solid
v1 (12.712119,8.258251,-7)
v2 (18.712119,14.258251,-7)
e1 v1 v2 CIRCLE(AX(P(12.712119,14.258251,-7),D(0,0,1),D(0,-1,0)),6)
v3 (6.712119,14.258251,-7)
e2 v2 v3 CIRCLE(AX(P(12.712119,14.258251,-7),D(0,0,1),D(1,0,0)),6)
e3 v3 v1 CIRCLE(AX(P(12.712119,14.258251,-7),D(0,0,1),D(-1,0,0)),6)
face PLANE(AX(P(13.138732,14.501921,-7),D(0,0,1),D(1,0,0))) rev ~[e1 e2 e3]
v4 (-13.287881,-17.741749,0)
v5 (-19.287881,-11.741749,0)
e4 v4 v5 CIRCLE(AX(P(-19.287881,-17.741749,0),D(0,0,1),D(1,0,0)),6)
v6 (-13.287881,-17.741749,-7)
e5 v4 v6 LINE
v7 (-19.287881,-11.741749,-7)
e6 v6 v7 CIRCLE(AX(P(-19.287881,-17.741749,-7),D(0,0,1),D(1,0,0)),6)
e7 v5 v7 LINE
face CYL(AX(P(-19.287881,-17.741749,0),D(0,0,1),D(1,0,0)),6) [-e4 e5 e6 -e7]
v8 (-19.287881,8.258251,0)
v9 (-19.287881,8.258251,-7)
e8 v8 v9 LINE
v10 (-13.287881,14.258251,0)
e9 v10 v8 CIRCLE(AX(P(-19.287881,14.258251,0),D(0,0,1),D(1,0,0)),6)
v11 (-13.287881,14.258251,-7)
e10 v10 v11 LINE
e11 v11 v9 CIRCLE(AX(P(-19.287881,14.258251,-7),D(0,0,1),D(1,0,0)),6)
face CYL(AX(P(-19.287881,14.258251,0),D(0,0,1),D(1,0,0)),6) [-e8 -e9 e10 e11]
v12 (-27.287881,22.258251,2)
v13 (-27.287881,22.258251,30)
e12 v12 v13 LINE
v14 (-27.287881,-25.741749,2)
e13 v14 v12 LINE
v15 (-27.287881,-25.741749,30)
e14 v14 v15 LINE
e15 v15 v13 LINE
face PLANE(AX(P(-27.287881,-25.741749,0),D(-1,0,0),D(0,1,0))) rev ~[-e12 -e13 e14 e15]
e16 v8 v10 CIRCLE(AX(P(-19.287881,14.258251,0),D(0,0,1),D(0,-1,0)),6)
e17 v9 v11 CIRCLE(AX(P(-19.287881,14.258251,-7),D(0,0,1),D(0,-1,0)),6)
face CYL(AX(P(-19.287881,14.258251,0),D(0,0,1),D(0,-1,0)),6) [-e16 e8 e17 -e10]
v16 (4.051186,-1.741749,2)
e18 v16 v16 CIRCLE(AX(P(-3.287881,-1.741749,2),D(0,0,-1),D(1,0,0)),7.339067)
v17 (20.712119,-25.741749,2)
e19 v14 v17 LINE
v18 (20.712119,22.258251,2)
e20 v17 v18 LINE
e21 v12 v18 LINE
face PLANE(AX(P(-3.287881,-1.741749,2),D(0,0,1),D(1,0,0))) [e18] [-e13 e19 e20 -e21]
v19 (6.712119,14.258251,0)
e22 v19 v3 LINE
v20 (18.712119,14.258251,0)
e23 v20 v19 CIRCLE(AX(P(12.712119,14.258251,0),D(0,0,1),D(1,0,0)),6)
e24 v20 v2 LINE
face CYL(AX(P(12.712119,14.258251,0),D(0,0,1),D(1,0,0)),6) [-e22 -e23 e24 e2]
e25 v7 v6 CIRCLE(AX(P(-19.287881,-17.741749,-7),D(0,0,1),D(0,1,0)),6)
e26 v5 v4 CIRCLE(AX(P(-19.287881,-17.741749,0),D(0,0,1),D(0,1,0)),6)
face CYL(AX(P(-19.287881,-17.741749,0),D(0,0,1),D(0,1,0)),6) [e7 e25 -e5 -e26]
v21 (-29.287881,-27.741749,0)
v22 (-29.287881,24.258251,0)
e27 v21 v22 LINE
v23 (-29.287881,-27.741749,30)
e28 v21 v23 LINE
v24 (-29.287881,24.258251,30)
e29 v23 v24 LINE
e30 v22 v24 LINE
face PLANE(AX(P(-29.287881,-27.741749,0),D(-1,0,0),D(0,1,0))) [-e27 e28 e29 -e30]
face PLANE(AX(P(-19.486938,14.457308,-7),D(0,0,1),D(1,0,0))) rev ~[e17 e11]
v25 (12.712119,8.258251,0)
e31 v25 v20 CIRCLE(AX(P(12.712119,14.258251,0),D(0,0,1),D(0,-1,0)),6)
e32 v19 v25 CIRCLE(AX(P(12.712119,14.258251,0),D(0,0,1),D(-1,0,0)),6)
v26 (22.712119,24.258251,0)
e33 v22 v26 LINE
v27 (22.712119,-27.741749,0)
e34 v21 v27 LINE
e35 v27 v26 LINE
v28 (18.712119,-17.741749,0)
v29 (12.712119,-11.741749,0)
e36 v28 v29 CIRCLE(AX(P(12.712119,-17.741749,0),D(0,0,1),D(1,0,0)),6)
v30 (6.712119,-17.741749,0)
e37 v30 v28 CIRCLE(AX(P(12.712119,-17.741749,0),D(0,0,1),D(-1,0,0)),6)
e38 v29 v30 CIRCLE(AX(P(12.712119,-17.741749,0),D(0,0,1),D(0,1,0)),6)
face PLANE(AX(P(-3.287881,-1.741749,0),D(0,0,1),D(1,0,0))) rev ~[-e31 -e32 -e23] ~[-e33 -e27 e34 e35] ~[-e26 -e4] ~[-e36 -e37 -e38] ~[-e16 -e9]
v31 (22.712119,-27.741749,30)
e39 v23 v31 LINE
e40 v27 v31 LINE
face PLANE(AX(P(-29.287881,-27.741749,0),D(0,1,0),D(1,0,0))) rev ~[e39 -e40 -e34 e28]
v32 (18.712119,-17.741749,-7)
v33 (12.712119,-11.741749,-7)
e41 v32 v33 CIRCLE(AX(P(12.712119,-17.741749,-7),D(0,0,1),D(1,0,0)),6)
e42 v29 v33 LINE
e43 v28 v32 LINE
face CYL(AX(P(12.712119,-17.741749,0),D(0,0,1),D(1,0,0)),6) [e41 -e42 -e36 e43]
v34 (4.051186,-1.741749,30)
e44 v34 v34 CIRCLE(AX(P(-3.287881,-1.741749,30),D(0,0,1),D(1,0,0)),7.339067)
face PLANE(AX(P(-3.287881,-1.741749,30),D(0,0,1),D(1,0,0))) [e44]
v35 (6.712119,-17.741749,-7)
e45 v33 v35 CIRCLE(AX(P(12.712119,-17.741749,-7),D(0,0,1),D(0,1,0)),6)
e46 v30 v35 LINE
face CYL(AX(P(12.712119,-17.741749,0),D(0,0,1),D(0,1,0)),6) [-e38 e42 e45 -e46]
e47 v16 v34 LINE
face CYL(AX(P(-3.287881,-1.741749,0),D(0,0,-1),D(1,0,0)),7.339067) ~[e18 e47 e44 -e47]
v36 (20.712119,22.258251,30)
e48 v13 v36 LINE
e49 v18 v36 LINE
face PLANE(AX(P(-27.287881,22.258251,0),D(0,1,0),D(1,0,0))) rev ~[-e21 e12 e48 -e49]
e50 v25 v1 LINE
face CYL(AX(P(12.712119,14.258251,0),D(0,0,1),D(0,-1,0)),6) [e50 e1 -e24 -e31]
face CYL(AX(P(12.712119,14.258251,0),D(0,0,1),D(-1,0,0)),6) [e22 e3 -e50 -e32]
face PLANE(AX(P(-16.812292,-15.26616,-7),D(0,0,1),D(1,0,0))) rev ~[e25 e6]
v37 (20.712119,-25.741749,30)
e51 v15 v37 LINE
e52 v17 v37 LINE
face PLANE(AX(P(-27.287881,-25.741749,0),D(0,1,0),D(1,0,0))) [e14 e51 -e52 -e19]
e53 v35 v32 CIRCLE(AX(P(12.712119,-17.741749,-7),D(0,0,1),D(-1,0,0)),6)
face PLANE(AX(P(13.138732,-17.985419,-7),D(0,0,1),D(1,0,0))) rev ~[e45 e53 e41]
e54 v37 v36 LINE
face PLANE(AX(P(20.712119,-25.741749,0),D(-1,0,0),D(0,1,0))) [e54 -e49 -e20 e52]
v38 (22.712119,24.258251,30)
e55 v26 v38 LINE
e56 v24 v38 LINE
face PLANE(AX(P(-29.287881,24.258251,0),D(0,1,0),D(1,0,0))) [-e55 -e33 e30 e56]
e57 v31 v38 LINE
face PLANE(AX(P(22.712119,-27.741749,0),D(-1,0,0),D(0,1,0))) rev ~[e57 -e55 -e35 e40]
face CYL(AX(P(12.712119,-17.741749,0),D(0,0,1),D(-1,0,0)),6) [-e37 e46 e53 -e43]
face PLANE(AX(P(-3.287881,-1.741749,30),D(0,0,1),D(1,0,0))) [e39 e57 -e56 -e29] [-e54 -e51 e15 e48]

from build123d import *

# Parameters (mm, degrees)
F0_W     = 52
F0_H     = 52
F0_W_2   = 48
F0_H_2   = 48
F1_DEPTH = 30
F0_R     = 7.3390667627
F2_DEPTH = 7
F3_DEPTH = 2


with BuildPart() as f1:
    # F0 (on Top) → F1 (new body)
    with BuildSketch(Plane.XY):
        with Locations((-3.2878808908, -1.7417492345)):
            Rectangle(F0_W, F0_H)
        with Locations((-3.2878808908, -1.7417492345)):
            Rectangle(F0_W_2, F0_H_2, mode=Mode.SUBTRACT)
    extrude(amount=F1_DEPTH)



with BuildPart() as f1b:
    # F0 (on Top) → F1, piece 2 (new body)
    with BuildSketch(Plane.XY):
        with Locations((-3.2878808908, -1.7417492345)):
            Circle(F0_R)
    extrude(amount=F1_DEPTH)


with BuildPart() as f2:
    # F0 (on Top) → F2 (new body)
    with BuildSketch(Plane.XY):
        with BuildLine():
            ThreePointArc((18.7121191092, 14.2582507655), (12.7121191092, 20.2582507655), (6.7121191092, 14.2582507655))
            Line((6.7121191092, 14.2582507655), (12.7121191092, 14.2582507655))
            Line((12.7121191092, 14.2582507655), (12.7121191092, 8.2582507655))
            ThreePointArc((12.7121191092, 8.2582507655), (16.9547597963, 10.0156100784), (18.7121191092, 14.2582507655))
        make_face()
        with BuildLine():
            Line((12.7121191092, 14.2582507655), (6.7121191092, 14.2582507655))
            ThreePointArc((6.7121191092, 14.2582507655), (8.4694784221, 10.0156100784), (12.7121191092, 8.2582507655))
            Line((12.7121191092, 8.2582507655), (12.7121191092, 14.2582507655))
        make_face()
    extrude(amount=-F2_DEPTH)


with BuildPart() as f2b:
    # F0 (on Top) → F2, piece 2 (new body)
    with BuildSketch(Plane.XY):
        with BuildLine():
            Line((-19.2878808908, 14.2582507655), (-13.2878808908, 14.2582507655))
            ThreePointArc((-13.2878808908, 14.2582507655), (-23.5305215779, 18.5008914526), (-19.2878808908, 8.2582507655))
            Line((-19.2878808908, 8.2582507655), (-19.2878808908, 14.2582507655))
        make_face()
        with BuildLine():
            ThreePointArc((-19.2878808908, 8.2582507655), (-15.0452402037, 10.0156100784), (-13.2878808908, 14.2582507655))
            Line((-13.2878808908, 14.2582507655), (-19.2878808908, 14.2582507655))
            Line((-19.2878808908, 14.2582507655), (-19.2878808908, 8.2582507655))
        make_face()
    extrude(amount=-F2_DEPTH)


with BuildPart() as f2c:
    # F0 (on Top) → F2, piece 3 (new body)
    with BuildSketch(Plane.XY):
        with BuildLine():
            ThreePointArc((18.7121191092, -17.7417492345), (16.9547597963, -13.4991085474), (12.7121191092, -11.7417492345))
            Line((12.7121191092, -11.7417492345), (12.7121191092, -17.7417492345))
            Line((12.7121191092, -17.7417492345), (6.7121191092, -17.7417492345))
            ThreePointArc((6.7121191092, -17.7417492345), (12.7121191092, -23.7417492345), (18.7121191092, -17.7417492345))
        make_face()
        with BuildLine():
            Line((12.7121191092, -17.7417492345), (12.7121191092, -11.7417492345))
            ThreePointArc((12.7121191092, -11.7417492345), (8.4694784221, -13.4991085474), (6.7121191092, -17.7417492345))
            Line((6.7121191092, -17.7417492345), (12.7121191092, -17.7417492345))
        make_face()
    extrude(amount=-F2_DEPTH)


with BuildPart() as f2d:
    # F0 (on Top) → F2, piece 4 (new body)
    with BuildSketch(Plane.XY):
        with BuildLine():
            ThreePointArc((-13.2878808908, -17.7417492345), (-15.0452402037, -13.4991085474), (-19.2878808908, -11.7417492345))
            Line((-19.2878808908, -11.7417492345), (-19.2878808908, -17.7417492345))
            Line((-19.2878808908, -17.7417492345), (-13.2878808908, -17.7417492345))
        make_face()
        with BuildLine():
            Line((-19.2878808908, -17.7417492345), (-19.2878808908, -11.7417492345))
            ThreePointArc((-19.2878808908, -11.7417492345), (-23.5305215779, -21.9843899216), (-13.2878808908, -17.7417492345))
            Line((-13.2878808908, -17.7417492345), (-19.2878808908, -17.7417492345))
        make_face()
    extrude(amount=-F2_DEPTH)


with BuildPart() as f1_1:
    add(f1.part)

    add(f1b.part)  # F3 merges F1b

    add(f2.part)  # F3 merges F2

    add(f2b.part)  # F3 merges F2b

    add(f2c.part)  # F3 merges F2c

    add(f2d.part)  # F3 merges F2d
    # F0 (on Top) → F3 (join)
    with BuildSketch(Plane.XY):
        with Locations((-3.2878808908, -1.7417492345)):
            Rectangle(F0_W_2, F0_H_2)
        with BuildLine():
            ThreePointArc((-19.2878808908, 8.2582507655), (-23.5305215779, 18.5008914526), (-13.2878808908, 14.2582507655))
            Line((-13.2878808908, 14.2582507655), (6.7121191092, 14.2582507655))
            ThreePointArc((6.7121191092, 14.2582507655), (12.7121191092, 20.2582507655), (18.7121191092, 14.2582507655))
            ThreePointArc((18.7121191092, 14.2582507655), (16.9547597963, 10.0156100784), (12.7121191092, 8.2582507655))
            Line((12.7121191092, 8.2582507655), (12.7121191092, -11.7417492345))
            ThreePointArc((12.7121191092, -11.7417492345), (16.9547597963, -13.4991085474), (18.7121191092, -17.7417492345))
            ThreePointArc((18.7121191092, -17.7417492345), (12.7121191092, -23.7417492345), (6.7121191092, -17.7417492345))
            Line((6.7121191092, -17.7417492345), (-13.2878808908, -17.7417492345))
            ThreePointArc((-13.2878808908, -17.7417492345), (-23.5305215779, -21.9843899216), (-19.2878808908, -11.7417492345))
            Line((-19.2878808908, -11.7417492345), (-19.2878808908, 8.2582507655))
        make_face(mode=Mode.SUBTRACT)
        with BuildLine():
            ThreePointArc((-13.2878808908, -17.7417492345), (-15.0452402037, -13.4991085474), (-19.2878808908, -11.7417492345))
            Line((-19.2878808908, -11.7417492345), (-19.2878808908, -17.7417492345))
            Line((-19.2878808908, -17.7417492345), (-13.2878808908, -17.7417492345))
        make_face()
        with BuildLine():
            Line((-19.2878808908, -17.7417492345), (-19.2878808908, -11.7417492345))
            ThreePointArc((-19.2878808908, -11.7417492345), (-23.5305215779, -21.9843899216), (-13.2878808908, -17.7417492345))
            Line((-13.2878808908, -17.7417492345), (-19.2878808908, -17.7417492345))
        make_face()
        with BuildLine():
            Line((6.7121191092, 14.2582507655), (-13.2878808908, 14.2582507655))
            ThreePointArc((-13.2878808908, 14.2582507655), (-15.0452402037, 10.0156100784), (-19.2878808908, 8.2582507655))
            Line((-19.2878808908, 8.2582507655), (-19.2878808908, -11.7417492345))
            ThreePointArc((-19.2878808908, -11.7417492345), (-15.0452402037, -13.4991085474), (-13.2878808908, -17.7417492345))
            Line((-13.2878808908, -17.7417492345), (6.7121191092, -17.7417492345))
            ThreePointArc((6.7121191092, -17.7417492345), (8.4694784221, -13.4991085474), (12.7121191092, -11.7417492345))
            Line((12.7121191092, -11.7417492345), (12.7121191092, 8.2582507655))
            ThreePointArc((12.7121191092, 8.2582507655), (8.4694784221, 10.0156100784), (6.7121191092, 14.2582507655))
        make_face()
        with Locations((-3.2878808908, -1.7417492345)):
            Circle(F0_R, mode=Mode.SUBTRACT)
        with BuildLine():
            Line((-19.2878808908, 14.2582507655), (-13.2878808908, 14.2582507655))
            ThreePointArc((-13.2878808908, 14.2582507655), (-23.5305215779, 18.5008914526), (-19.2878808908, 8.2582507655))
            Line((-19.2878808908, 8.2582507655), (-19.2878808908, 14.2582507655))
        make_face()
        with BuildLine():
            ThreePointArc((-19.2878808908, 8.2582507655), (-15.0452402037, 10.0156100784), (-13.2878808908, 14.2582507655))
            Line((-13.2878808908, 14.2582507655), (-19.2878808908, 14.2582507655))
            Line((-19.2878808908, 14.2582507655), (-19.2878808908, 8.2582507655))
        make_face()
        with BuildLine():
            ThreePointArc((18.7121191092, 14.2582507655), (12.7121191092, 20.2582507655), (6.7121191092, 14.2582507655))
            Line((6.7121191092, 14.2582507655), (12.7121191092, 14.2582507655))
            Line((12.7121191092, 14.2582507655), (12.7121191092, 8.2582507655))
            ThreePointArc((12.7121191092, 8.2582507655), (16.9547597963, 10.0156100784), (18.7121191092, 14.2582507655))
        make_face()
        with BuildLine():
            Line((12.7121191092, 14.2582507655), (6.7121191092, 14.2582507655))
            ThreePointArc((6.7121191092, 14.2582507655), (8.4694784221, 10.0156100784), (12.7121191092, 8.2582507655))
            Line((12.7121191092, 8.2582507655), (12.7121191092, 14.2582507655))
        make_face()
        with BuildLine():
            Line((12.7121191092, -17.7417492345), (12.7121191092, -11.7417492345))
            ThreePointArc((12.7121191092, -11.7417492345), (8.4694784221, -13.4991085474), (6.7121191092, -17.7417492345))
            Line((6.7121191092, -17.7417492345), (12.7121191092, -17.7417492345))
        make_face()
        with BuildLine():
            ThreePointArc((18.7121191092, -17.7417492345), (16.9547597963, -13.4991085474), (12.7121191092, -11.7417492345))
            Line((12.7121191092, -11.7417492345), (12.7121191092, -17.7417492345))
            Line((12.7121191092, -17.7417492345), (6.7121191092, -17.7417492345))
            ThreePointArc((6.7121191092, -17.7417492345), (12.7121191092, -23.7417492345), (18.7121191092, -17.7417492345))
        make_face()
        with Locations((-3.2878808908, -1.7417492345)):
            Circle(F0_R)
    extrude(amount=F3_DEPTH)


solid = f1_1.part
